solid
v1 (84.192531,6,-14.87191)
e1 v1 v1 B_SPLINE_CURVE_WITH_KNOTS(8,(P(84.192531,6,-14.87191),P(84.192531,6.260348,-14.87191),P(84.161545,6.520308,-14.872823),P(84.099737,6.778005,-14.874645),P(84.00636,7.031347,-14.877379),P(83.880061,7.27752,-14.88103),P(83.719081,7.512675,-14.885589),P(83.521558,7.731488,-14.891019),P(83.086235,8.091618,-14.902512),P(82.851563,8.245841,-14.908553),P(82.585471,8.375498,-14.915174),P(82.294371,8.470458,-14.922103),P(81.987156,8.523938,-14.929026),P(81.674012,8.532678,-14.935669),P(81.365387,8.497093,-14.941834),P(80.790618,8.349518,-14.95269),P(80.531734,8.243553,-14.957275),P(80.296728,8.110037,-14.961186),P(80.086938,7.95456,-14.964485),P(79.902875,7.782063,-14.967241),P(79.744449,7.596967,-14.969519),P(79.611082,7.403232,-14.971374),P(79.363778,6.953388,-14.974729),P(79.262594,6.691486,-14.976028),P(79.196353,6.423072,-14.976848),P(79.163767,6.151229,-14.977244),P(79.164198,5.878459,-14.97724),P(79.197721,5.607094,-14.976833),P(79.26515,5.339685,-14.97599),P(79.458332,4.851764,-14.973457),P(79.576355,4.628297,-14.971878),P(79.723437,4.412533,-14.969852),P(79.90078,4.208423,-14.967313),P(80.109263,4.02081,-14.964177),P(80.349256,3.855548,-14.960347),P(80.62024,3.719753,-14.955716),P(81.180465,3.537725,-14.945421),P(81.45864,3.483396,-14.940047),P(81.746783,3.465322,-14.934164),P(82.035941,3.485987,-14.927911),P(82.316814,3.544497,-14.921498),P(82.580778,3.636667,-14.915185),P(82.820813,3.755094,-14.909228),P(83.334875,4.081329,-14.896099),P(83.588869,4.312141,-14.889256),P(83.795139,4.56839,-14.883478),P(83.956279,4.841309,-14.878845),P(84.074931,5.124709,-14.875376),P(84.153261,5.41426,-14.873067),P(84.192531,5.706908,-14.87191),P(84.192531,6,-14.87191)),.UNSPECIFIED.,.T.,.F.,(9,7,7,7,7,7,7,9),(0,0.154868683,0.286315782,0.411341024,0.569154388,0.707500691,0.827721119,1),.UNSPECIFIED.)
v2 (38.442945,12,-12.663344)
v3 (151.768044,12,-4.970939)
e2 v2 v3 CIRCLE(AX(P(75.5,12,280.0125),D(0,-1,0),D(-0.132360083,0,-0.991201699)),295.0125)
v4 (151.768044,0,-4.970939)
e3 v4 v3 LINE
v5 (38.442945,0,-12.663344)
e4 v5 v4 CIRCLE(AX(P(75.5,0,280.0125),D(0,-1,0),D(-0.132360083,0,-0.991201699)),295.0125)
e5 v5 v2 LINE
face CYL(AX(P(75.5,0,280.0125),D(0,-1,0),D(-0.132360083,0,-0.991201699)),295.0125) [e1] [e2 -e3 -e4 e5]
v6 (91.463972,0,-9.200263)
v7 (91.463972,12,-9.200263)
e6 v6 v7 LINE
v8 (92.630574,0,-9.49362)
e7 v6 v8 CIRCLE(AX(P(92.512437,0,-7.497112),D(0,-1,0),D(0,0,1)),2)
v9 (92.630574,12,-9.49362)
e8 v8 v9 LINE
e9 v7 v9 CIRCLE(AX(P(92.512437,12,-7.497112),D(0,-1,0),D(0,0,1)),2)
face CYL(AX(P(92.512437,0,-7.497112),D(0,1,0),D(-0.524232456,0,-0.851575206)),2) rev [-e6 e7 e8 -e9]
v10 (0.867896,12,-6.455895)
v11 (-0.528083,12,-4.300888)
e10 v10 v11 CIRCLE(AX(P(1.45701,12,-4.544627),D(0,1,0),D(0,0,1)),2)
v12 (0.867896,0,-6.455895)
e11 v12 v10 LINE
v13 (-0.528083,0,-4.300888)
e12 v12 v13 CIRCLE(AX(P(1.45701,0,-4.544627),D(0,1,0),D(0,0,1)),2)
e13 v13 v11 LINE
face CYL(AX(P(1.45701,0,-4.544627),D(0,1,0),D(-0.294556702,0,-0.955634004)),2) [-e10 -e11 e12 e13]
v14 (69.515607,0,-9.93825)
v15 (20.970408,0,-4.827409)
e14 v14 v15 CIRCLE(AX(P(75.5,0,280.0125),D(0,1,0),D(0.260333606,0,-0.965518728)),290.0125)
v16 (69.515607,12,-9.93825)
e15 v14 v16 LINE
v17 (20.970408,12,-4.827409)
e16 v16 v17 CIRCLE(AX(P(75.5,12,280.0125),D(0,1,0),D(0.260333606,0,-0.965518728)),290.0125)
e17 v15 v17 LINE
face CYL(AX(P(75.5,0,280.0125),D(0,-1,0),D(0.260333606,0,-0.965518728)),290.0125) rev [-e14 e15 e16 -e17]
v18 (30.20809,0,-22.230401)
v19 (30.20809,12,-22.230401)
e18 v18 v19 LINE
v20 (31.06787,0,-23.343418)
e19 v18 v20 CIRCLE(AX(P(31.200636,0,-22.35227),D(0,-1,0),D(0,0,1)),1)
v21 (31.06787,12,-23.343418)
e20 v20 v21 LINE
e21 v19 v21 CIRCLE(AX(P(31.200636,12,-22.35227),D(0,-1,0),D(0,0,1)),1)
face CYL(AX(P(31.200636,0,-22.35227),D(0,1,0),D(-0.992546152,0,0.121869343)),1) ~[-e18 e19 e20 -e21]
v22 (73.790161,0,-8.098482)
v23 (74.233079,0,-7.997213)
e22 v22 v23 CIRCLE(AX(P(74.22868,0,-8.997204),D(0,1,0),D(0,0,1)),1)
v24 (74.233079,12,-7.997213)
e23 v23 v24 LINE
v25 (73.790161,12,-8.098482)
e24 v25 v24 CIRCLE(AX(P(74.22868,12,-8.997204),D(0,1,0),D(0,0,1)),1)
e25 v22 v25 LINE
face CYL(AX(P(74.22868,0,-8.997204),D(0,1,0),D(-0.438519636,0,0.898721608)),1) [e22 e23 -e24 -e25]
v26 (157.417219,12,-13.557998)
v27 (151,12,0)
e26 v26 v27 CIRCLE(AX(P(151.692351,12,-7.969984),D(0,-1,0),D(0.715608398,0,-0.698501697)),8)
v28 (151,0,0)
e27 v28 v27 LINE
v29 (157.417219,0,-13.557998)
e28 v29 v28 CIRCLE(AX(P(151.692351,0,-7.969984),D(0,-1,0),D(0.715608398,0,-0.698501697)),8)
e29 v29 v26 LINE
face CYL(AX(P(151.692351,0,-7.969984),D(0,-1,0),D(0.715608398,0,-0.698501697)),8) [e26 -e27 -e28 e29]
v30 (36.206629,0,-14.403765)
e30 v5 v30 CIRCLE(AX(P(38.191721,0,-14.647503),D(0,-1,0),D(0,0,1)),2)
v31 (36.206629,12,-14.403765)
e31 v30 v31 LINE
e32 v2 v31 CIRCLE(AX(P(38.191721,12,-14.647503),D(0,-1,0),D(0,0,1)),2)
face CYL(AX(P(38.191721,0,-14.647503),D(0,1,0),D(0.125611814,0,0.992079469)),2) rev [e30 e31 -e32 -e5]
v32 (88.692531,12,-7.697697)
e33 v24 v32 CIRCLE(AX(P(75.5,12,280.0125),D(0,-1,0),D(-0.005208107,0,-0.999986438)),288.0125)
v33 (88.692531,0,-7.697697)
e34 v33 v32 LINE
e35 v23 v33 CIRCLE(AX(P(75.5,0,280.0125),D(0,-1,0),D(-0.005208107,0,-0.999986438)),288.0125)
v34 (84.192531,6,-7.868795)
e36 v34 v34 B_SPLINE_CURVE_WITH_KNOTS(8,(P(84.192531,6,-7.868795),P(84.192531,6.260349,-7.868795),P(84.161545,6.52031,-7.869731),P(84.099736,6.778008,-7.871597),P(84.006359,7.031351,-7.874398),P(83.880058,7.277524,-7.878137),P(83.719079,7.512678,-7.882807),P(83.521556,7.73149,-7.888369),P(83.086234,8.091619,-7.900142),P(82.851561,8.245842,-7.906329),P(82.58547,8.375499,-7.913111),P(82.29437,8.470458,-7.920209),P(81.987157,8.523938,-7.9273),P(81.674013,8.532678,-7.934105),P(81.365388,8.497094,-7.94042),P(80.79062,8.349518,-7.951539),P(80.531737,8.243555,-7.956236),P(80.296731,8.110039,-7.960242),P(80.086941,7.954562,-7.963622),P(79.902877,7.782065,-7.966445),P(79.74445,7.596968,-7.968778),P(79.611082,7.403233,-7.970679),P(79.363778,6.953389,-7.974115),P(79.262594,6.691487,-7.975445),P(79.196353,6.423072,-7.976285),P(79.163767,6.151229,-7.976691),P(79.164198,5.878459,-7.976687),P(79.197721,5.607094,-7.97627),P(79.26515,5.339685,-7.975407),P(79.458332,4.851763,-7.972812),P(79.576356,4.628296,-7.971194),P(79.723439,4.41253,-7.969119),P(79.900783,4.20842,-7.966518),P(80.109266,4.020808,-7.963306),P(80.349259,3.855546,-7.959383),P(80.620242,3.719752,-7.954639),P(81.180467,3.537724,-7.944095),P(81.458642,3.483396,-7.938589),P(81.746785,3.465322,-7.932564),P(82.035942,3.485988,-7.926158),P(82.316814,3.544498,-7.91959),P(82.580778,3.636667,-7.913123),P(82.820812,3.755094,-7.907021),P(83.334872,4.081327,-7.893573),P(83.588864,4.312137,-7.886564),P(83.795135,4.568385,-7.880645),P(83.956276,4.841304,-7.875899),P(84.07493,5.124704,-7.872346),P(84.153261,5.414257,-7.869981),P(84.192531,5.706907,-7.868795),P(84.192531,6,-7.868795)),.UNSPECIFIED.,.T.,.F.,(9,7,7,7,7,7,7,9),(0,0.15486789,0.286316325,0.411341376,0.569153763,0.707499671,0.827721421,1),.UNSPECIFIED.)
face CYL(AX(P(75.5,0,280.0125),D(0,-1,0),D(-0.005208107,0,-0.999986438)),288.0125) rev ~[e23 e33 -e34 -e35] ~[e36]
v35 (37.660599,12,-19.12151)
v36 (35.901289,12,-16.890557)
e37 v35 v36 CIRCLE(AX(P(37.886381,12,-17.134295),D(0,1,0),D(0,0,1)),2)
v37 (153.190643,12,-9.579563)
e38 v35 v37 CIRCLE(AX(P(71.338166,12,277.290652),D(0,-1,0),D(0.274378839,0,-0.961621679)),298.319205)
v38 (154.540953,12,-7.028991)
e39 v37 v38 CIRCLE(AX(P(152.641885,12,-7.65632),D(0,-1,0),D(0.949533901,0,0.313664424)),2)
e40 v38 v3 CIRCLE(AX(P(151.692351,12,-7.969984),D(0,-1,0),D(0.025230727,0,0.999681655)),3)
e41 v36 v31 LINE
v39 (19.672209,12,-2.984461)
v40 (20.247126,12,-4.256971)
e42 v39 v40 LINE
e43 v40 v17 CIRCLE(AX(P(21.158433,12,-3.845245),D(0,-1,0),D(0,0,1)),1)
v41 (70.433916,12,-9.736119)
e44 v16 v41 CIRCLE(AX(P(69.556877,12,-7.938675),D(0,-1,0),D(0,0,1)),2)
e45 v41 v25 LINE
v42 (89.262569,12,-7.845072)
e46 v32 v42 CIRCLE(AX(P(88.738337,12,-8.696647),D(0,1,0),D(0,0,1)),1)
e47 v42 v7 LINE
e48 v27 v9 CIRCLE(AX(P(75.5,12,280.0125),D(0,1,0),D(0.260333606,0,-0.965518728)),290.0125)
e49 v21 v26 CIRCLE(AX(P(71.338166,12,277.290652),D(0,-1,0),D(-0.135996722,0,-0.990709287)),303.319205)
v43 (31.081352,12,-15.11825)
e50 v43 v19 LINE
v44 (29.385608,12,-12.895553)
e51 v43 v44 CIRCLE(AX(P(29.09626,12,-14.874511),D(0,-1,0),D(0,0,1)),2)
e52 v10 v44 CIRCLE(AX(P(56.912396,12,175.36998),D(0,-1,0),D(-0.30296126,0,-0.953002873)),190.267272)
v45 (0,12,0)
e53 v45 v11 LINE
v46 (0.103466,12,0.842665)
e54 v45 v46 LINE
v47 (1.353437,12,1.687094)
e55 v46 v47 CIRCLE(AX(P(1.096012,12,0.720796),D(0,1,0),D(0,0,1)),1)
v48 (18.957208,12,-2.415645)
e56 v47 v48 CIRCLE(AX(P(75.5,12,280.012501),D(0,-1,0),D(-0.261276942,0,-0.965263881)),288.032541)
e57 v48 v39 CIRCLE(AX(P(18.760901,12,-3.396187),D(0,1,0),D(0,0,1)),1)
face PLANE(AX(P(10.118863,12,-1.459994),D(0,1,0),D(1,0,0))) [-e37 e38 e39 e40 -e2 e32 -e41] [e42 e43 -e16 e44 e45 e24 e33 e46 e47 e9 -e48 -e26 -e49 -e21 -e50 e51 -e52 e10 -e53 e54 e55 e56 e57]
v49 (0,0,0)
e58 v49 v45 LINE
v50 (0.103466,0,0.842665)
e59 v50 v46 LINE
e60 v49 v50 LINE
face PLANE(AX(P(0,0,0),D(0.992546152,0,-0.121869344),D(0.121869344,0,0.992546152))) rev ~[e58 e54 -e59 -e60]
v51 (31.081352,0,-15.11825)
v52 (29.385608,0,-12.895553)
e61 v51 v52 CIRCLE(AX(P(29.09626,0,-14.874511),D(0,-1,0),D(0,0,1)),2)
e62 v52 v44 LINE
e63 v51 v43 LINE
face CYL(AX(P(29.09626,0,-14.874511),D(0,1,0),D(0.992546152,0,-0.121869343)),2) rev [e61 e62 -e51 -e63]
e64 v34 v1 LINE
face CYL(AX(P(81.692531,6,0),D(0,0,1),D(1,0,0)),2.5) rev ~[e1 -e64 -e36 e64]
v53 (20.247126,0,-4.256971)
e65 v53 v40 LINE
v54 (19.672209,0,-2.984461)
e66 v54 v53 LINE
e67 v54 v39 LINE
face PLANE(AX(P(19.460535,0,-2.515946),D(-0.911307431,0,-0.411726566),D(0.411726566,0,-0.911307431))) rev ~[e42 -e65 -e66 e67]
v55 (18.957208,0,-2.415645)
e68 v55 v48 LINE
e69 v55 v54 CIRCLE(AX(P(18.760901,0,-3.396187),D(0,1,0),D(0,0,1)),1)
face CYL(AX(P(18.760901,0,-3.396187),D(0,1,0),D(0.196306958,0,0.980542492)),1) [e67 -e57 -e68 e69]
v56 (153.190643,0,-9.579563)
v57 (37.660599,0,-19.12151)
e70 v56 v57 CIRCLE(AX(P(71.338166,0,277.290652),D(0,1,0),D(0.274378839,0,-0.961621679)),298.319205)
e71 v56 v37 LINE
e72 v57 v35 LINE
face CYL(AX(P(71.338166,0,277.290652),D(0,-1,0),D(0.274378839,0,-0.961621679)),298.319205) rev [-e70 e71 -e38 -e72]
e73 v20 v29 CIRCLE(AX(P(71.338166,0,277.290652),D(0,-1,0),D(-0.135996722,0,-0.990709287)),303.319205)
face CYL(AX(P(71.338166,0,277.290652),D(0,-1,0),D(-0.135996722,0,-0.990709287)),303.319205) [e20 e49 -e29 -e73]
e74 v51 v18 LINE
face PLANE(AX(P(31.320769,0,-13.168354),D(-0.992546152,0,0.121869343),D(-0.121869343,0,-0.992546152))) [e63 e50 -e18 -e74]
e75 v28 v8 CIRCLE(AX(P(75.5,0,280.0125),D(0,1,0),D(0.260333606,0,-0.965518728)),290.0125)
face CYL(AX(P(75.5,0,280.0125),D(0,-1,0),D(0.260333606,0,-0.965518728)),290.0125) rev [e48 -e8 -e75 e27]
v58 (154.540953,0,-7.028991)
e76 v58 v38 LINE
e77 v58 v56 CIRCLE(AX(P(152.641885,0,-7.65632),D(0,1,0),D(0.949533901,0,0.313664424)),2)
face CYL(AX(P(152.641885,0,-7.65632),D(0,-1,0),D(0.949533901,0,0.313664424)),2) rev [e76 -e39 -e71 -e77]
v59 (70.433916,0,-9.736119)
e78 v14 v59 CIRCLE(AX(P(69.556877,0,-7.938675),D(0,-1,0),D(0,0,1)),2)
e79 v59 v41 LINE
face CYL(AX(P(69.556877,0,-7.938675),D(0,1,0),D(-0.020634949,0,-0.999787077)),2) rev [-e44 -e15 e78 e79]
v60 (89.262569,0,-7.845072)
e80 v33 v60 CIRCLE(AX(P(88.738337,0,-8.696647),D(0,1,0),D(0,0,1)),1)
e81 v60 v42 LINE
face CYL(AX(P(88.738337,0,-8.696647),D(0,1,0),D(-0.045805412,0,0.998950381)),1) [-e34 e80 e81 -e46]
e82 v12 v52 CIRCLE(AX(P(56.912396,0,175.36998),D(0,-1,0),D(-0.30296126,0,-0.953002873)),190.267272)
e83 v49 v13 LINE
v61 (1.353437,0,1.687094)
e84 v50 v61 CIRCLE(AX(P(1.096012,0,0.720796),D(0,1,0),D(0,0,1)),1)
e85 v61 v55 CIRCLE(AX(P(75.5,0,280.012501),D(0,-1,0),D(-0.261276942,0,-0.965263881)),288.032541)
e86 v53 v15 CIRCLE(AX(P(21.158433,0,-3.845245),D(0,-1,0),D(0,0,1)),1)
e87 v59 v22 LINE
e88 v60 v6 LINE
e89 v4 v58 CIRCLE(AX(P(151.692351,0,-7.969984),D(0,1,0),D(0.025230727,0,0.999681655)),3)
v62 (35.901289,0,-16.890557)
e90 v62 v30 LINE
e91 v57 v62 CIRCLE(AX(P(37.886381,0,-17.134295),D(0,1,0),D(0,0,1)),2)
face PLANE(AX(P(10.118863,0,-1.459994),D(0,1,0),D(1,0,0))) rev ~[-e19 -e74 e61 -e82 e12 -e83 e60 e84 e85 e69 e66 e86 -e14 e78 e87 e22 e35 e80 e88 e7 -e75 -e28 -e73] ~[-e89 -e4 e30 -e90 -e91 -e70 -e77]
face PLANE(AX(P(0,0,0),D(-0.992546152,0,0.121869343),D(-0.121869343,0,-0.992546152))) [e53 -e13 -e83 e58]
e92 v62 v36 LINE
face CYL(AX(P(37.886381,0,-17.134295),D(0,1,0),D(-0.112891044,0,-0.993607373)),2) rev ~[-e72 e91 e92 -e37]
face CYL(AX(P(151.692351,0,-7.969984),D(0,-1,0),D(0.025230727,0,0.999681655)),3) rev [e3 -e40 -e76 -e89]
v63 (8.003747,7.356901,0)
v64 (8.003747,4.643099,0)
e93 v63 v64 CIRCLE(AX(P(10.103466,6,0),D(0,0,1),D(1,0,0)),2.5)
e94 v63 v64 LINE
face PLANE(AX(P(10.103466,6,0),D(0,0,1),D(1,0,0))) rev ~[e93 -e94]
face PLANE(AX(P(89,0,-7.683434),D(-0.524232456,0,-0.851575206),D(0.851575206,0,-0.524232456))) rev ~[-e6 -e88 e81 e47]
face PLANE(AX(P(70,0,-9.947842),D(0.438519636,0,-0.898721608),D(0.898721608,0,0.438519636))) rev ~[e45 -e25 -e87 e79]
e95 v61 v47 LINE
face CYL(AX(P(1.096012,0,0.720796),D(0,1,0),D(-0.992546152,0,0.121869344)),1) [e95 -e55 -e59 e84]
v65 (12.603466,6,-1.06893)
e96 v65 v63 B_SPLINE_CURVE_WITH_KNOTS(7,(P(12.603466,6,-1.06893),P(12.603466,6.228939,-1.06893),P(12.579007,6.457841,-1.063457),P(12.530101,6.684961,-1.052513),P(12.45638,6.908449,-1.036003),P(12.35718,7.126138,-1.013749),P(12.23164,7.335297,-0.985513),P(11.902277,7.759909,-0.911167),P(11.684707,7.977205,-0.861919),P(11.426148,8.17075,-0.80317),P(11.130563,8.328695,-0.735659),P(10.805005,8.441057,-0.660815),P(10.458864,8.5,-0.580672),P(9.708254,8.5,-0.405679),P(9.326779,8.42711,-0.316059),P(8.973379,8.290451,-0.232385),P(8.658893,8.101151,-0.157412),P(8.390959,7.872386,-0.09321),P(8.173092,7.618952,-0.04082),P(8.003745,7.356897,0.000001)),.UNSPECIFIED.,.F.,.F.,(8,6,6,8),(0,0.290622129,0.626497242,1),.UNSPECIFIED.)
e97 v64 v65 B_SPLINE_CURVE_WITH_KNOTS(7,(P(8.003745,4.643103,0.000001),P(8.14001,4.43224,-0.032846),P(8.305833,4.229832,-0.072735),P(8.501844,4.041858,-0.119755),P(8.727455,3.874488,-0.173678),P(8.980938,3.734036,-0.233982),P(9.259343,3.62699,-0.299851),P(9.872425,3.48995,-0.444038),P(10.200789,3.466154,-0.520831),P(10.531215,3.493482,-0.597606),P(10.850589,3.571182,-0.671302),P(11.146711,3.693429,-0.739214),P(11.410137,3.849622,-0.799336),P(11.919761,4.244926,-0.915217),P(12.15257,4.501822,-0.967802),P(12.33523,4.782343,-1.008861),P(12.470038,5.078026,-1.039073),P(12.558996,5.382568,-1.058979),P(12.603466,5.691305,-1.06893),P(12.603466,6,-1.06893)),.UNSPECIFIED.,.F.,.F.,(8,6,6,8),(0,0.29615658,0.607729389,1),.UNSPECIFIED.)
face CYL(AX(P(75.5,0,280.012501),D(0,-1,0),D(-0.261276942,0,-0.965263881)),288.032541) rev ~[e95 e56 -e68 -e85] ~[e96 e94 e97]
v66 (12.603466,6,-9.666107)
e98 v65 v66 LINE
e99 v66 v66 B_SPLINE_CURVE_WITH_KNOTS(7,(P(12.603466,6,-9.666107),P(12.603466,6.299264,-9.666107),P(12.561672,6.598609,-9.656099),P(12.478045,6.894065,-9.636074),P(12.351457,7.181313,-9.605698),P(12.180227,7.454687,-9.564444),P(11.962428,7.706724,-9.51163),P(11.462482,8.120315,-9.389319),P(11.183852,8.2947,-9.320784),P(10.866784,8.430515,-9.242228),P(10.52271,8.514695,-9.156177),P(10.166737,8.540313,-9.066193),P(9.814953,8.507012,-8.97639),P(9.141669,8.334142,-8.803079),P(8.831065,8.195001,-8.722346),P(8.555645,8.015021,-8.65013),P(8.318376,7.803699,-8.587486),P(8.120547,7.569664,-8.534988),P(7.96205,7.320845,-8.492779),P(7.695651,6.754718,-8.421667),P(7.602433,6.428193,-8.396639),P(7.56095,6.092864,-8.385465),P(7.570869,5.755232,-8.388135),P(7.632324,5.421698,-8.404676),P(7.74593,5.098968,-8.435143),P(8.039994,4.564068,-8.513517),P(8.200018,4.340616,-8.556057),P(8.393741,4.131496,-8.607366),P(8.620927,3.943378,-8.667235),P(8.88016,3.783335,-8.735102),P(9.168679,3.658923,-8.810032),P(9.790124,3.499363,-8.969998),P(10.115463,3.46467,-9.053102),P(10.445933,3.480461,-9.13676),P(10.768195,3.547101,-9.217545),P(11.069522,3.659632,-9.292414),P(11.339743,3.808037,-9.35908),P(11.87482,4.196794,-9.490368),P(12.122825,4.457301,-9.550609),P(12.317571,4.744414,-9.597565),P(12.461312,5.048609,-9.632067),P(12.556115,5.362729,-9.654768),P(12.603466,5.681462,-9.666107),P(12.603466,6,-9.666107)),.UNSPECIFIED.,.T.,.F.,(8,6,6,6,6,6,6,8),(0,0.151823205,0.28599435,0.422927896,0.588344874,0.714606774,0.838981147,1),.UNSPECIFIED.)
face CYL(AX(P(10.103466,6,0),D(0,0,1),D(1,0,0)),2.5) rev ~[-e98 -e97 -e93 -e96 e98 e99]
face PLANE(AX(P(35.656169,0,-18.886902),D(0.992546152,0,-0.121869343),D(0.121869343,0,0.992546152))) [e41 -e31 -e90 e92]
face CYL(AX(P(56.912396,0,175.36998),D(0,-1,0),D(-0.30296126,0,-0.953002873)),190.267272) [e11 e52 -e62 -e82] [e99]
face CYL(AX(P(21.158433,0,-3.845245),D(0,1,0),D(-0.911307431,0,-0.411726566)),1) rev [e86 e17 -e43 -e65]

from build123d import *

# Parameters (mm, degrees)
BOSS_EXTRUDE1_DEPTH = 12
FILLET4_R           = 1
FILLET5_R           = 2
FILLET6_R           = 2
CUT_EXTRUDE3_DEPTH  = 33
FILLET8_R           = 2
BOSS_EXTRUDE2_DEPTH = 12
FILLET9_R           = 1
FILLET10_R          = 1
BOSS_EXTRUDE3_DEPTH = 12
FILLET11_R          = 2
FILLET12_R          = 1
FILLET13_R          = 2
SKETCH10_R          = 2.5
CUT_EXTRUDE4_DEPTH  = 18


with BuildPart() as part:
    # Sketch2 → Boss-Extrude1 (new body)
    with BuildSketch(Plane(origin=(0, 0, 0), x_dir=(1, 0, 0), z_dir=(0, 1, 0))):
        with BuildLine():
            Line((0, 0), (-0.73121606, 5.95527691))
            ThreePointArc((-0.73121606, 5.95527691), (15.138799382, 10.254914459), (31.320769044, 13.168354193))
            Line((31.320769044, 13.168354193), (30.087748344, 23.210501924))
            ThreePointArc((30.087748344, 23.210501924), (94.266191099, 25.160742626), (157.417218543, 13.557997867))
            ThreePointArc((157.417218543, 13.557997867), (158.923283556, 4.547467734), (151, 0))
            ThreePointArc((151, 0), (75.5, 10), (0, 0))
        make_face()
    extrude(amount=BOSS_EXTRUDE1_DEPTH)

    # Fillet4
    fillet4_edges = [part.edges().sort_by_distance(p)[0] for p in [
        (30.087748344, 6, -23.210501924),
    ]]
    fillet(fillet4_edges, radius=FILLET4_R)

    # Fillet5
    fillet5_edges = [part.edges().sort_by_distance(p)[0] for p in [
        (31.320769044, 6, -13.168354193),
    ]]
    fillet(fillet5_edges, radius=FILLET5_R)

    # Fillet6
    fillet6_edges = [part.edges().sort_by_distance(p)[0] for p in [
        (-0.73121606, 6, -5.95527691),
    ]]
    fillet(fillet6_edges, radius=FILLET6_R)

    # Sketch5 → Cut-Extrude3 (cut)
    with BuildSketch(Plane(origin=(0, 0, 0), x_dir=(1, 0, 0), z_dir=(0, 1, 0))):
        with BuildLine():
            Line((35.656168792, 18.886901985), (36.452121023, 12.404391276))
            ThreePointArc((36.452121023, 12.404391276), (94.477597701, 14.388970685), (151.768043541, 4.970939327))
            ThreePointArc((151.768043541, 4.970939327), (153.480302105, 5.560994433), (154.540953062, 7.028991016))
            ThreePointArc((154.540953062, 7.028991016), (154.409459032, 8.592099199), (153.190642938, 9.579563223))
            ThreePointArc((153.190642938, 9.579563223), (94.887793134, 20.097584909), (35.656168792, 18.886901985))
        make_face()
    extrude(amount=CUT_EXTRUDE3_DEPTH, mode=Mode.SUBTRACT)

    # Fillet8
    fillet8_edges = [part.edges().sort_by_distance(p)[0] for p in [
        (35.656168792, 6, -18.886901985),
        (36.452121023, 6, -12.404391276),
    ]]
    fillet(fillet8_edges, radius=FILLET8_R)

    # Sketch6 → Boss-Extrude2 (add)
    with BuildSketch(Plane(origin=(0, 0, 0), x_dir=(1, 0, 0), z_dir=(0, 1, 0))):
        with BuildLine():
            Line((0, 0), (0.243738687, -1.985092303))
            ThreePointArc((0.243738687, -1.985092303), (9.813572193, 0.430074334), (19.460534614, 2.515945677))
            Line((19.460534614, 2.515945677), (20.460534614, 4.729325881))
            ThreePointArc((20.460534614, 4.729325881), (10.187446562, 2.549918803), (0, 0))
        make_face()
    extrude(amount=BOSS_EXTRUDE2_DEPTH)

    # Fillet9
    fillet9_edges = [part.edges().sort_by_distance(p)[0] for p in [
        (0.243738687, 6, 1.985092303),
    ]]
    fillet(fillet9_edges, radius=FILLET9_R)

    # Fillet10
    fillet10_edges = [part.edges().sort_by_distance(p)[0] for p in [
        (20.460534614, 6, -4.729325881),
        (19.460534614, 6, -2.515945677),
    ]]
    fillet(fillet10_edges, radius=FILLET10_R)

    # Sketch7 → Boss-Extrude3 (add)
    with BuildSketch(Plane(origin=(0, 0, 0), x_dir=(1, 0, 0), z_dir=(0, 1, 0))):
        with BuildLine():
            Line((70, 9.947842385), (74, 7.996093893))
            ThreePointArc((74, 7.996093893), (81.502036249, 7.937453494), (89, 7.683433507))
            Line((89, 7.683433507), (92, 9.530243228))
            ThreePointArc((92, 9.530243228), (81.003961961, 9.947767207), (70, 9.947842385))
        make_face()
    extrude(amount=BOSS_EXTRUDE3_DEPTH)

    # Fillet11
    fillet11_edges = [part.edges().sort_by_distance(p)[0] for p in [
        (70, 6, -9.947842385),
    ]]
    fillet(fillet11_edges, radius=FILLET11_R)

    # Fillet12
    fillet12_edges = [part.edges().sort_by_distance(p)[0] for p in [
        (74, 6, -7.996093893),
        (89, 6, -7.683433507),
    ]]
    fillet(fillet12_edges, radius=FILLET12_R)

    # Fillet13
    fillet13_edges = [part.edges().sort_by_distance(p)[0] for p in [
        (92, 6, -9.530243228),
    ]]
    fillet(fillet13_edges, radius=FILLET13_R)

    # Sketch10 → Cut-Extrude4 (cut)
    with BuildSketch(Plane.XY):
        with Locations((81.692531177, 6)):
            Circle(SKETCH10_R)
        with Locations((10.103466275, 6)):
            Circle(SKETCH10_R)
    extrude(amount=-CUT_EXTRUDE4_DEPTH, mode=Mode.SUBTRACT)


solid = part.part
